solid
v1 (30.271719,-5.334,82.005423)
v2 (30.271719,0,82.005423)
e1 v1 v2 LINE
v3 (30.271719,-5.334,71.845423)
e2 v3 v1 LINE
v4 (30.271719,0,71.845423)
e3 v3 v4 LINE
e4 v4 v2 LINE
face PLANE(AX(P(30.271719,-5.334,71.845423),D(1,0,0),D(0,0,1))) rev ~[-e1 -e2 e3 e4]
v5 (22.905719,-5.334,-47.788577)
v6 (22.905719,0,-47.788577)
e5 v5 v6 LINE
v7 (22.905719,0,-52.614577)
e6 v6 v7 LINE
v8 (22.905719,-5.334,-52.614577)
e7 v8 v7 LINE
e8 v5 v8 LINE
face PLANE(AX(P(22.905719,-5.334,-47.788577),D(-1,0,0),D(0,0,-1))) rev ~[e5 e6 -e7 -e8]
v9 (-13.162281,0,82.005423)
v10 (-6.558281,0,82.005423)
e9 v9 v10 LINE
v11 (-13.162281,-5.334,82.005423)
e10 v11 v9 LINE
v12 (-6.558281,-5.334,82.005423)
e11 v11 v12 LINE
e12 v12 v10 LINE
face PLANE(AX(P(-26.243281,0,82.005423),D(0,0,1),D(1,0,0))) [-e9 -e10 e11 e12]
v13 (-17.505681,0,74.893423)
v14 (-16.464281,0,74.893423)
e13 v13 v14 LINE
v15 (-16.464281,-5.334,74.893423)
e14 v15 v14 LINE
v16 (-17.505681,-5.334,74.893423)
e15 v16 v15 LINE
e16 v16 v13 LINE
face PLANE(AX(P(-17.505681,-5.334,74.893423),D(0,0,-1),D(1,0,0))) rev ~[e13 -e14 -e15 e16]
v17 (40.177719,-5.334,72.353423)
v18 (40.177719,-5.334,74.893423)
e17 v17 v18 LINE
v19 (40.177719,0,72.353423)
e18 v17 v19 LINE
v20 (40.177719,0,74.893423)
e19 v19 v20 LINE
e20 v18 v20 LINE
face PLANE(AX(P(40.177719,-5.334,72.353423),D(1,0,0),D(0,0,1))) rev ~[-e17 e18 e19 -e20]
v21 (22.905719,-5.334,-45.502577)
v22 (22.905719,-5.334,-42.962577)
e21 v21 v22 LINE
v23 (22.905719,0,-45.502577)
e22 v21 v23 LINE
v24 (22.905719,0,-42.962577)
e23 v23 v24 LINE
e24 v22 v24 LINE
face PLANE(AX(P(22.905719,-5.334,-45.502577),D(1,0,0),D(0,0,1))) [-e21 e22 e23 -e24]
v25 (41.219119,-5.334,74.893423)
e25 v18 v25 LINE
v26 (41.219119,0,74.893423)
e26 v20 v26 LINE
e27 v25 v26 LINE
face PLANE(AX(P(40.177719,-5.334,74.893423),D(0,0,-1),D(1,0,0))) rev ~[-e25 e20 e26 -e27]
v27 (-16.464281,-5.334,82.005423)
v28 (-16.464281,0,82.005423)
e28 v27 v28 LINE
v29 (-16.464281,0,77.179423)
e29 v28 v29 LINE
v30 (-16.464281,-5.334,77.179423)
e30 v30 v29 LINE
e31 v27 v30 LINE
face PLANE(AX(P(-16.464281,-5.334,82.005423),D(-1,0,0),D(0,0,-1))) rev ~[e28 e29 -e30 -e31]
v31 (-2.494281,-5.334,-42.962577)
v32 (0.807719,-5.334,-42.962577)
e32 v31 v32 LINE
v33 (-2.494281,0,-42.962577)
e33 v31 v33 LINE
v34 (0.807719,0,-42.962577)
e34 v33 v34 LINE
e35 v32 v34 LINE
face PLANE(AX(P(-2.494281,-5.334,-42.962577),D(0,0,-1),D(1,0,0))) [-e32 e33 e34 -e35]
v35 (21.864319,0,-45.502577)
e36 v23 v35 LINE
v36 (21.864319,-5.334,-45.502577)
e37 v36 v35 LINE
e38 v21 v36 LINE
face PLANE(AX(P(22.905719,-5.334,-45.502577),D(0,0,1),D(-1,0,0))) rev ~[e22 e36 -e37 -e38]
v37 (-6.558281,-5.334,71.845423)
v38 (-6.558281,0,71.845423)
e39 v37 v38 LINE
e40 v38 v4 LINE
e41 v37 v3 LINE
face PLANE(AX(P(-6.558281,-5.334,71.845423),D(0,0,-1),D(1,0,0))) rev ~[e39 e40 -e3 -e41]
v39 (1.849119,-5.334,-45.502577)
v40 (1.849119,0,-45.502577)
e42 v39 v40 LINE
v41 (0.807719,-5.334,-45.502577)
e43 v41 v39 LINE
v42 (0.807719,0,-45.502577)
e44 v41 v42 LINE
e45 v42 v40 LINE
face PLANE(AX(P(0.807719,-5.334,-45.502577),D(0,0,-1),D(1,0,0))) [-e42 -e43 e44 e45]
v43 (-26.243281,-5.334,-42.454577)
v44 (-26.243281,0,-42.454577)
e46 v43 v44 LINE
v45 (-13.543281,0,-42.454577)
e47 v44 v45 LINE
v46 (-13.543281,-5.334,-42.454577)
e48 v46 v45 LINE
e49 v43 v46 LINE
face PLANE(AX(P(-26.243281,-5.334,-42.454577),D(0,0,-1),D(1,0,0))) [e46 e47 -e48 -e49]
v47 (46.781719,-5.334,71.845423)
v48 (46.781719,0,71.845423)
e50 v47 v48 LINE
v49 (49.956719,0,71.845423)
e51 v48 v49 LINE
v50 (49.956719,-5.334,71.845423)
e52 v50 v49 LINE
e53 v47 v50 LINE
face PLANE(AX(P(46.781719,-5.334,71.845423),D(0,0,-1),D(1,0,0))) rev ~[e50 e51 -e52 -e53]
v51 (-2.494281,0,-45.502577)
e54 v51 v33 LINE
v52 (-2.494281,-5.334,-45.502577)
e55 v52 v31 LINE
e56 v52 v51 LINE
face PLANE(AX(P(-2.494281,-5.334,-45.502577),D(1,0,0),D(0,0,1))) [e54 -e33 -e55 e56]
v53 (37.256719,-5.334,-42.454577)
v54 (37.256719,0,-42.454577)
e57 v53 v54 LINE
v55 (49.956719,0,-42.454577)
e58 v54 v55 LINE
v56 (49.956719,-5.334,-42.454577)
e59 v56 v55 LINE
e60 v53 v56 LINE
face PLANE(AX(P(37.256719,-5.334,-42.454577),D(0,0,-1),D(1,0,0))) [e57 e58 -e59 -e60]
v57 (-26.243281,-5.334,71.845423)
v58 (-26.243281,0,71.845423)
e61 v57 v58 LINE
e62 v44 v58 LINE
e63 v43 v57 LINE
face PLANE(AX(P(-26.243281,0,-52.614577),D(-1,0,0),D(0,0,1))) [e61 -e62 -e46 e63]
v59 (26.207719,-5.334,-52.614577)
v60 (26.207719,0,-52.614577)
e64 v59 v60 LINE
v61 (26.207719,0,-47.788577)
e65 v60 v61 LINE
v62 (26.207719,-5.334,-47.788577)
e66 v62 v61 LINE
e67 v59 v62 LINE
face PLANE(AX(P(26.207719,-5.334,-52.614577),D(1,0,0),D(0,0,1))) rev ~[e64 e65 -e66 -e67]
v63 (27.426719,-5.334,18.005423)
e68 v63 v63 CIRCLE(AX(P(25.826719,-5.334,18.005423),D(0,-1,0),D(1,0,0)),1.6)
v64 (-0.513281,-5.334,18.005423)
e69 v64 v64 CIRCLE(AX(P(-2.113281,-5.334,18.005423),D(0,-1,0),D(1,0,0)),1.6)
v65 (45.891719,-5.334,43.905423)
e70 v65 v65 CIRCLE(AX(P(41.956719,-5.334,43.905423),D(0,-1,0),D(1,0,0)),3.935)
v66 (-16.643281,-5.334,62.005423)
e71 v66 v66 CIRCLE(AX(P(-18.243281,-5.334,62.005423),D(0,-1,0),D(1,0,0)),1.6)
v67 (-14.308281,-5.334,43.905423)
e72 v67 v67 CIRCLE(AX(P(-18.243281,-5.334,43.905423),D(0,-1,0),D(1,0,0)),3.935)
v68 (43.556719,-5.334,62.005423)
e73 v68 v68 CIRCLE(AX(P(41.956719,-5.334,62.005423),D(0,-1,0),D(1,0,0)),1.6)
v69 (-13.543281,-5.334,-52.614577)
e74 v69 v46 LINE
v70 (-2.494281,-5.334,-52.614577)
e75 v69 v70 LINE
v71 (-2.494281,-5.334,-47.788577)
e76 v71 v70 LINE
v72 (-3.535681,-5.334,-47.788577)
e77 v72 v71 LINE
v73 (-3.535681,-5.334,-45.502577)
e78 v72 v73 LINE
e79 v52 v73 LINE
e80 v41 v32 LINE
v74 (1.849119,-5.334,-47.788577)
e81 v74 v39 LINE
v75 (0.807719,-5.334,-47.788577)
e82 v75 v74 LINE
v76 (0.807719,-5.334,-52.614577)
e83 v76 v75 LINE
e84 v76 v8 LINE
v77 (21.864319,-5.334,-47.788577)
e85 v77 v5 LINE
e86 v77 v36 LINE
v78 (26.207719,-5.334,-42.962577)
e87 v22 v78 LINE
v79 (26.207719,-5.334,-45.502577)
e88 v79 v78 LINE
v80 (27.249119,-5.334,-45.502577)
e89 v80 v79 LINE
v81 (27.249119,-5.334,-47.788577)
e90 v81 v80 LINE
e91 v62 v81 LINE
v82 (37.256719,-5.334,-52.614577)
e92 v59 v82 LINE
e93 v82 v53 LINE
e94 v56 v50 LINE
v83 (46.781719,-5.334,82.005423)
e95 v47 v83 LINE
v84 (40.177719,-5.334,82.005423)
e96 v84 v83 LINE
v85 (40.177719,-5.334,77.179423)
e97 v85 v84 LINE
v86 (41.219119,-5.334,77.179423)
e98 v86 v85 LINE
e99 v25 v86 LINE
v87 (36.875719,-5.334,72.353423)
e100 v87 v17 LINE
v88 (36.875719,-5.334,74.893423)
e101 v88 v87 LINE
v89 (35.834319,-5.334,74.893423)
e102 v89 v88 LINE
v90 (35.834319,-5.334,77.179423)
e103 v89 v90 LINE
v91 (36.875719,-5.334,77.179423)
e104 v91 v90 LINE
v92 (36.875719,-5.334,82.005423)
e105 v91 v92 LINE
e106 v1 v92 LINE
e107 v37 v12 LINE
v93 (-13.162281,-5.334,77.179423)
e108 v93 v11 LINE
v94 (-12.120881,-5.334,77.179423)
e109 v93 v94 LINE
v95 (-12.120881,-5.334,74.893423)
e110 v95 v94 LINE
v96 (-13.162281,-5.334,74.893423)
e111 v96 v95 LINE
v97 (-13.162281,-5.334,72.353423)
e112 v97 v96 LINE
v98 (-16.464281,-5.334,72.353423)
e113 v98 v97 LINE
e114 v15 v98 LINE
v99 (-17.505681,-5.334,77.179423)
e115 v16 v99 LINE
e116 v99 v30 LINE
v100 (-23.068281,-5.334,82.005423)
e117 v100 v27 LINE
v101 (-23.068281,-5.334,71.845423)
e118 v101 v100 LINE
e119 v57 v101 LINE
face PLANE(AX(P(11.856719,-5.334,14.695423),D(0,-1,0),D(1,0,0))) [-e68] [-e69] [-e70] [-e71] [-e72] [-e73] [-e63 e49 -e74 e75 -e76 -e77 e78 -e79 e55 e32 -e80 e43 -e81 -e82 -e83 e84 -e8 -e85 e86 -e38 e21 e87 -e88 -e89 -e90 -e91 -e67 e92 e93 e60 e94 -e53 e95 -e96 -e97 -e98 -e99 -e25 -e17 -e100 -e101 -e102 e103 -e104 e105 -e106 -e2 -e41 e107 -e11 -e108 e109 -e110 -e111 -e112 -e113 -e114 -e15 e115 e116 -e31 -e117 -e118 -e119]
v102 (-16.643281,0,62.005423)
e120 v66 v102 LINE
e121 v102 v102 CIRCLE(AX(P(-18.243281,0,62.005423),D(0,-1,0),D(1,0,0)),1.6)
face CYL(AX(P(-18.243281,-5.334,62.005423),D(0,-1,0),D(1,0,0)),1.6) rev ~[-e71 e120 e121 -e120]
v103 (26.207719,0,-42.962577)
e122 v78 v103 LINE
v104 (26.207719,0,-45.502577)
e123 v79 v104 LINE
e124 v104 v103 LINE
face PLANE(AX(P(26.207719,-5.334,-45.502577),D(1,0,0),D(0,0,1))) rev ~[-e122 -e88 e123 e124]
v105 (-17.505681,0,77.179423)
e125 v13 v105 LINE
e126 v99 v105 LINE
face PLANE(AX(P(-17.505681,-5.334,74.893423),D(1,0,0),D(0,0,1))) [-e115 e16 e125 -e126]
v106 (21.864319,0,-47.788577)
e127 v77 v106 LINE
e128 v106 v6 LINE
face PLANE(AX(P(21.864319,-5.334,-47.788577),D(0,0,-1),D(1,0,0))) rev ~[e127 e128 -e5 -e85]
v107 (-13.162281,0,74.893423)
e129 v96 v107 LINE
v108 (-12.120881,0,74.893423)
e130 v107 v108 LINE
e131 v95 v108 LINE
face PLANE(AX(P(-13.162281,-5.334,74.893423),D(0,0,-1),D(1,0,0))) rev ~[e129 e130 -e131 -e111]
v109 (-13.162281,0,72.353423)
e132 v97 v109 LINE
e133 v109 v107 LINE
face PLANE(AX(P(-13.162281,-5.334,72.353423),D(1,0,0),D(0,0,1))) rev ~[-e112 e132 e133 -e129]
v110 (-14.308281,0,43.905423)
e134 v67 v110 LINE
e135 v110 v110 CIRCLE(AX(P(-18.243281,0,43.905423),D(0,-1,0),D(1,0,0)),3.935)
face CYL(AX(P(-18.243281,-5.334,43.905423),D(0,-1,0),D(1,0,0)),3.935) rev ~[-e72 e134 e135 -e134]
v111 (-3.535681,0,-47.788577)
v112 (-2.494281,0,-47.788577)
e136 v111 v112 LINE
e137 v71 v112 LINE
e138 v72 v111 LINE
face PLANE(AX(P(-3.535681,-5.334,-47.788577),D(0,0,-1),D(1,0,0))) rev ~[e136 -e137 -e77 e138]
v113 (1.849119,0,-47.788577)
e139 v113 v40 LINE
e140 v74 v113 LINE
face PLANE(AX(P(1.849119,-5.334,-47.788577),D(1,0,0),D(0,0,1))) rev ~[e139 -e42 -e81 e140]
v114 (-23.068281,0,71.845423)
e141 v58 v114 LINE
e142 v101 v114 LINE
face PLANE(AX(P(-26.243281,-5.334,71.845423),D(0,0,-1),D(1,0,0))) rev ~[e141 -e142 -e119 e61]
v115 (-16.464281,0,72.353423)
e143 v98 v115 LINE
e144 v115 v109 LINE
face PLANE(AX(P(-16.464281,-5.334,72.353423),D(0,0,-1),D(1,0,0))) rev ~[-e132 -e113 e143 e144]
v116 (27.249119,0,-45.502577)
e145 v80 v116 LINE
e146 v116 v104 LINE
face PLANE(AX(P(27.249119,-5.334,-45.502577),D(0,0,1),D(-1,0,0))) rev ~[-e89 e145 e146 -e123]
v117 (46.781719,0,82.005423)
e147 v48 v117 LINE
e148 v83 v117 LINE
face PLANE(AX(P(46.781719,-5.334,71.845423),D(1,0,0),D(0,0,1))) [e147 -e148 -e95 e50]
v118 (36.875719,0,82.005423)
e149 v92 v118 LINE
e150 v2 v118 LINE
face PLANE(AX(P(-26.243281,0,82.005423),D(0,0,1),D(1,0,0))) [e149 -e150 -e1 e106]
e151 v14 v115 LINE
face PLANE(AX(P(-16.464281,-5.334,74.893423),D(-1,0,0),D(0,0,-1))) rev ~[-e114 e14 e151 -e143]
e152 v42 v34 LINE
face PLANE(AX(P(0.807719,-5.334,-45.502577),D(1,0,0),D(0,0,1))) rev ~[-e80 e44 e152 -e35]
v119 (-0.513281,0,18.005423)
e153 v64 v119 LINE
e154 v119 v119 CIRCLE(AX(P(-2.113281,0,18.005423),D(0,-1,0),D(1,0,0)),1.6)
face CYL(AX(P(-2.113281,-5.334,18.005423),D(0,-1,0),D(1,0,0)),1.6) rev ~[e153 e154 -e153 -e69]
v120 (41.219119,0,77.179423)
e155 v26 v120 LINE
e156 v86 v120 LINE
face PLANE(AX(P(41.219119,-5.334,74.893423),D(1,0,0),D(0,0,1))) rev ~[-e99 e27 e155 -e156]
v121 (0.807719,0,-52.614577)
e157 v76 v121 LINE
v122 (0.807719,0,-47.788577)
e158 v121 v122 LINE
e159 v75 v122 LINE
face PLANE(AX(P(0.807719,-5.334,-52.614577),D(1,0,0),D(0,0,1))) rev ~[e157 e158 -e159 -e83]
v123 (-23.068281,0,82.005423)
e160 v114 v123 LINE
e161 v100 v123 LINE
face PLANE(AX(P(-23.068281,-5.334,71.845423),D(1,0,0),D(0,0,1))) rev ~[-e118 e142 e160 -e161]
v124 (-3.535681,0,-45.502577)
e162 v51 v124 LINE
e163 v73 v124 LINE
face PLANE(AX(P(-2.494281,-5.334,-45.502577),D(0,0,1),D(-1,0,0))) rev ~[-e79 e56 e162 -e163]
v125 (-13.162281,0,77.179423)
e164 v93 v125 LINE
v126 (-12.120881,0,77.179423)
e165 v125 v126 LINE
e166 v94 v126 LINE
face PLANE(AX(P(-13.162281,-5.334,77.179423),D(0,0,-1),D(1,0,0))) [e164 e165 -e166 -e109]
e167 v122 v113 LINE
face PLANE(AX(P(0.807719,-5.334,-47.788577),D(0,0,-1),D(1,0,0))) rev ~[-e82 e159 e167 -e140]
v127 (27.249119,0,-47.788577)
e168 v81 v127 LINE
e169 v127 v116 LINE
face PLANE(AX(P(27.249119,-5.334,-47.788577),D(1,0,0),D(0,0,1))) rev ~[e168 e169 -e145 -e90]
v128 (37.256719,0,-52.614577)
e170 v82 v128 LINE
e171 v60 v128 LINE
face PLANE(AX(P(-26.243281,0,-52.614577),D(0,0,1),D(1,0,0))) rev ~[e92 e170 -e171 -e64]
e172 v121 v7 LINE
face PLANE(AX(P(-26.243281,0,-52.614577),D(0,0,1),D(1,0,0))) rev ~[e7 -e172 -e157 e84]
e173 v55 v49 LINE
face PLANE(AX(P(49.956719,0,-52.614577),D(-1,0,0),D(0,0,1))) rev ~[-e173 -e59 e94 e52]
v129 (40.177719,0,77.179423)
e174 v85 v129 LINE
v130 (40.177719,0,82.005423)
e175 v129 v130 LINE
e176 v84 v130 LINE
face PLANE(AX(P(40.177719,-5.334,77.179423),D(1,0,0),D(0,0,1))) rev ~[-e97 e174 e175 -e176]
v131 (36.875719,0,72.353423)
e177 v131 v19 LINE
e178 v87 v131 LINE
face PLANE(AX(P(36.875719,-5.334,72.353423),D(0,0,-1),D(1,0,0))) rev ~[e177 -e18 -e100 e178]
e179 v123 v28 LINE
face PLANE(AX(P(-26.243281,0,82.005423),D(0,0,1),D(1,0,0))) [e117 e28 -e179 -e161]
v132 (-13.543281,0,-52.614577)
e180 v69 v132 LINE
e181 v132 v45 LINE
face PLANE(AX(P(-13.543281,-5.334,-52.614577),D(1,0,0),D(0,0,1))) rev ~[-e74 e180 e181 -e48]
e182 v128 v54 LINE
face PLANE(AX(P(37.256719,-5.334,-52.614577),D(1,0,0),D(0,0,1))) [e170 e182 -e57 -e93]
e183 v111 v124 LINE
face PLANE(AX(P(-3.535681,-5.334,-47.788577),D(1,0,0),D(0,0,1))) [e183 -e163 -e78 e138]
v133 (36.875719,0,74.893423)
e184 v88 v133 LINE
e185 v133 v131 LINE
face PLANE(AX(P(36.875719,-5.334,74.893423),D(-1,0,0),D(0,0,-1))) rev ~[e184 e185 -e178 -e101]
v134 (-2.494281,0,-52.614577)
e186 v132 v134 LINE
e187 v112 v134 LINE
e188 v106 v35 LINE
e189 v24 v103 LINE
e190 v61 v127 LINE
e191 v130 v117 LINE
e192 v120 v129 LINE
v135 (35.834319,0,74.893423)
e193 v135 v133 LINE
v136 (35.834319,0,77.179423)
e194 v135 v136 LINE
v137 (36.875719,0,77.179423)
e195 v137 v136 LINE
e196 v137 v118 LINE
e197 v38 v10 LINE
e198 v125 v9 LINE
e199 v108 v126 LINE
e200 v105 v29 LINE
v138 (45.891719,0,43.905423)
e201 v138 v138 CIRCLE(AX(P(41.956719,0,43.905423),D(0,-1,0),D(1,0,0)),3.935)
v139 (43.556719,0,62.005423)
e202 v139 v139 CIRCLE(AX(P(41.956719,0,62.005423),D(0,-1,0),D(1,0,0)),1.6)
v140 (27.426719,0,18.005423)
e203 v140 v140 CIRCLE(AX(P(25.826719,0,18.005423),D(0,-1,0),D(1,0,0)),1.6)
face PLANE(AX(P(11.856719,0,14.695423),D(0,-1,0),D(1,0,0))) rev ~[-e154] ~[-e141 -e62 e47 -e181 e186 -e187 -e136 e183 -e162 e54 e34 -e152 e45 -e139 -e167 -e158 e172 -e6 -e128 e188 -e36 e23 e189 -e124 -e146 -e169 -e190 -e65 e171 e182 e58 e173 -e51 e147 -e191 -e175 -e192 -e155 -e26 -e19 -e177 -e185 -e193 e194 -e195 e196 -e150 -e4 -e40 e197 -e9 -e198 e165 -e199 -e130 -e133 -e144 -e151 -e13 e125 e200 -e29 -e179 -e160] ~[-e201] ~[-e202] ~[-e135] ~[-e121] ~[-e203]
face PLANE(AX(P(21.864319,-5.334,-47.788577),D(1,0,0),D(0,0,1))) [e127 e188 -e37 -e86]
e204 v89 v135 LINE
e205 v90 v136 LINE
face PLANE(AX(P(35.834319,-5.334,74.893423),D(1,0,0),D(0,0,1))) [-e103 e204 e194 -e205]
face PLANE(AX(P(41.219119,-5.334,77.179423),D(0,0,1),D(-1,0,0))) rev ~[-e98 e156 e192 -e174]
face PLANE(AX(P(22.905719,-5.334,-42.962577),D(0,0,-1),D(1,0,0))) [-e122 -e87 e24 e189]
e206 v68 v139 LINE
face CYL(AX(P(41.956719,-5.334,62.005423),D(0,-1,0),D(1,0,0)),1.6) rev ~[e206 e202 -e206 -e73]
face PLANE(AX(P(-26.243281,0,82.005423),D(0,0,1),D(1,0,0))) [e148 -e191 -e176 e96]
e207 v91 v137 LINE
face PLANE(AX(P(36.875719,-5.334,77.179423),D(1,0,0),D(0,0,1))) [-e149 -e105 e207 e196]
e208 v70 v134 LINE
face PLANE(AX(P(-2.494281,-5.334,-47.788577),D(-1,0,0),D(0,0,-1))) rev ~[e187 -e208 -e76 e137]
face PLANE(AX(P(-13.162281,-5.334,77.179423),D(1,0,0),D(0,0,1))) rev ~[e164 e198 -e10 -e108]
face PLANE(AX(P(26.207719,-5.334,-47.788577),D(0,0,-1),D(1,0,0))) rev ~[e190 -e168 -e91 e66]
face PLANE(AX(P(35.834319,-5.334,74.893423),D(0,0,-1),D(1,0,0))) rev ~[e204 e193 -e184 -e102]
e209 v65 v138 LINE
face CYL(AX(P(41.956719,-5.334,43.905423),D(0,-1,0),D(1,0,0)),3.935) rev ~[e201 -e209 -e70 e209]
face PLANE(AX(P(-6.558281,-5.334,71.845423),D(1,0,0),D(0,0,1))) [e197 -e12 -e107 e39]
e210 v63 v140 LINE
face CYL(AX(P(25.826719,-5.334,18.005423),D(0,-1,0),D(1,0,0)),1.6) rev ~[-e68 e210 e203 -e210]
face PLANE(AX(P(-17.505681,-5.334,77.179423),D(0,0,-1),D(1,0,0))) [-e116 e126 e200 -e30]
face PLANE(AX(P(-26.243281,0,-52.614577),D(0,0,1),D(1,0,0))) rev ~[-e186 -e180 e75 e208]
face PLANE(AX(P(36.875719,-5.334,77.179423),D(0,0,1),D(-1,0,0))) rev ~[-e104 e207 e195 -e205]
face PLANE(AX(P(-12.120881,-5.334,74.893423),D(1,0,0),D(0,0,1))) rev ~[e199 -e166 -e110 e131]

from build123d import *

# Parameters (mm, degrees)
F0_W      = 76.2
F0_H      = 134.62
F1_DEPTH  = 5.334
F2_W      = 12.7
F2_H      = 10.16
F3_DEPTH  = 25.4
F4_W      = 3.302
F4_H      = 4.826
F4_H_2    = 2.286
F4_W_2    = 1.0414
F4_H_3    = 2.54
F5_DEPTH  = 25.4
F6_W      = 3.175
F6_H      = 10.16
F6_W_2    = 36.83
F7_DEPTH  = 25.4
F8_W      = 3.302
F8_H      = 4.826
F8_H_2    = 2.286
F8_H_3    = 2.54
F8_W_2    = 1.0414
F9_DEPTH  = 25.4
F10_R     = 1.6
F10_R_2   = 3.935
F11_DEPTH = 25.4


with BuildPart() as f1:
    # F0 (on Front) → F1 (new body)
    with BuildSketch(Plane.XZ):
        with Locations((11.8567193806, 14.6954228854)):
            Rectangle(F0_W, F0_H)
    extrude(amount=F1_DEPTH)

    # F2 (on face) → F3 (cut)
    with BuildSketch(Plane.XZ.offset(5.334)):
        with Locations((-19.8932806194, -47.5345771146)):
            Rectangle(F2_W, F2_H)
        with Locations((43.6067193806, -47.5345771146)):
            Rectangle(F2_W, F2_H)
    extrude(amount=-F3_DEPTH, mode=Mode.SUBTRACT)

    # F4 (on face) → F5 (cut)
    with BuildSketch(Plane.XZ.offset(5.334)):
        with Locations((-0.8432806194, -50.2015771146)):
            Rectangle(F4_W, F4_H)
        with Locations((-0.8432806194, -46.6455771146)):
            Rectangle(F4_W, F4_H_2)
        with Locations((-3.0149806194, -46.6455771146)):
            Rectangle(F4_W_2, F4_H_2)
        with Locations((-0.8432806194, -44.2325771146)):
            Rectangle(F4_W, F4_H_3)
        with Locations((1.3284193806, -46.6455771146)):
            Rectangle(F4_W_2, F4_H_2)
        with Locations((24.5567193806, -50.2015771146)):
            Rectangle(F4_W, F4_H)
        with Locations((24.5567193806, -46.6455771146)):
            Rectangle(F4_W, F4_H_2)
        with Locations((22.3850193806, -46.6455771146)):
            Rectangle(F4_W_2, F4_H_2)
        with Locations((26.7284193806, -46.6455771146)):
            Rectangle(F4_W_2, F4_H_2)
        with Locations((24.5567193806, -44.2325771146)):
            Rectangle(F4_W, F4_H_3)
    extrude(amount=-F5_DEPTH, mode=Mode.SUBTRACT)

    # F6 (on face) → F7 (cut)
    with BuildSketch(Plane.XZ.offset(5.334)):
        with Locations((-24.6557806194, 76.9254228854)):
            Rectangle(F6_W, F6_H)
        with Locations((11.8567193806, 76.9254228854)):
            Rectangle(F6_W_2, F6_H)
        with Locations((48.3692193806, 76.9254228854)):
            Rectangle(F6_W, F6_H)
    extrude(amount=-F7_DEPTH, mode=Mode.SUBTRACT)

    # F8 (on face) → F9 (cut)
    with BuildSketch(Plane.XZ.offset(5.334)):
        with Locations((-14.8132806194, 79.5924228854)):
            Rectangle(F8_W, F8_H)
        with Locations((-14.8132806194, 76.0364228854)):
            Rectangle(F8_W, F8_H_2)
        with Locations((-14.8132806194, 73.6234228854)):
            Rectangle(F8_W, F8_H_3)
        with Locations((-16.9849806194, 76.0364228854)):
            Rectangle(F8_W_2, F8_H_2)
        with Locations((-12.6415806194, 76.0364228854)):
            Rectangle(F8_W_2, F8_H_2)
        with Locations((38.5267193806, 73.6234228854)):
            Rectangle(F8_W, F8_H_3)
        with Locations((38.5267193806, 76.0364228854)):
            Rectangle(F8_W, F8_H_2)
        with Locations((36.3550193806, 76.0364228854)):
            Rectangle(F8_W_2, F8_H_2)
        with Locations((40.6984193806, 76.0364228854)):
            Rectangle(F8_W_2, F8_H_2)
        with Locations((38.5267193806, 79.5924228854)):
            Rectangle(F8_W, F8_H)
    extrude(amount=-F9_DEPTH, mode=Mode.SUBTRACT)

    # F10 (on face) → F11 (cut)
    with BuildSketch(Plane.XZ.offset(5.334)):
        with Locations((-18.2432806194, 62.0054228854)):
            Circle(F10_R)
        with Locations((41.9567193806, 62.0054228854)):
            Circle(F10_R)
        with Locations((-18.2432806194, 43.9054228854)):
            Circle(F10_R_2)
        with Locations((41.9567193806, 43.9054228854)):
            Circle(F10_R_2)
        with Locations((-2.1132806194, 18.0054228854)):
            Circle(F10_R)
        with Locations((25.8267193806, 18.0054228854)):
            Circle(F10_R)
    extrude(amount=-F11_DEPTH, mode=Mode.SUBTRACT)


solid = f1.part
